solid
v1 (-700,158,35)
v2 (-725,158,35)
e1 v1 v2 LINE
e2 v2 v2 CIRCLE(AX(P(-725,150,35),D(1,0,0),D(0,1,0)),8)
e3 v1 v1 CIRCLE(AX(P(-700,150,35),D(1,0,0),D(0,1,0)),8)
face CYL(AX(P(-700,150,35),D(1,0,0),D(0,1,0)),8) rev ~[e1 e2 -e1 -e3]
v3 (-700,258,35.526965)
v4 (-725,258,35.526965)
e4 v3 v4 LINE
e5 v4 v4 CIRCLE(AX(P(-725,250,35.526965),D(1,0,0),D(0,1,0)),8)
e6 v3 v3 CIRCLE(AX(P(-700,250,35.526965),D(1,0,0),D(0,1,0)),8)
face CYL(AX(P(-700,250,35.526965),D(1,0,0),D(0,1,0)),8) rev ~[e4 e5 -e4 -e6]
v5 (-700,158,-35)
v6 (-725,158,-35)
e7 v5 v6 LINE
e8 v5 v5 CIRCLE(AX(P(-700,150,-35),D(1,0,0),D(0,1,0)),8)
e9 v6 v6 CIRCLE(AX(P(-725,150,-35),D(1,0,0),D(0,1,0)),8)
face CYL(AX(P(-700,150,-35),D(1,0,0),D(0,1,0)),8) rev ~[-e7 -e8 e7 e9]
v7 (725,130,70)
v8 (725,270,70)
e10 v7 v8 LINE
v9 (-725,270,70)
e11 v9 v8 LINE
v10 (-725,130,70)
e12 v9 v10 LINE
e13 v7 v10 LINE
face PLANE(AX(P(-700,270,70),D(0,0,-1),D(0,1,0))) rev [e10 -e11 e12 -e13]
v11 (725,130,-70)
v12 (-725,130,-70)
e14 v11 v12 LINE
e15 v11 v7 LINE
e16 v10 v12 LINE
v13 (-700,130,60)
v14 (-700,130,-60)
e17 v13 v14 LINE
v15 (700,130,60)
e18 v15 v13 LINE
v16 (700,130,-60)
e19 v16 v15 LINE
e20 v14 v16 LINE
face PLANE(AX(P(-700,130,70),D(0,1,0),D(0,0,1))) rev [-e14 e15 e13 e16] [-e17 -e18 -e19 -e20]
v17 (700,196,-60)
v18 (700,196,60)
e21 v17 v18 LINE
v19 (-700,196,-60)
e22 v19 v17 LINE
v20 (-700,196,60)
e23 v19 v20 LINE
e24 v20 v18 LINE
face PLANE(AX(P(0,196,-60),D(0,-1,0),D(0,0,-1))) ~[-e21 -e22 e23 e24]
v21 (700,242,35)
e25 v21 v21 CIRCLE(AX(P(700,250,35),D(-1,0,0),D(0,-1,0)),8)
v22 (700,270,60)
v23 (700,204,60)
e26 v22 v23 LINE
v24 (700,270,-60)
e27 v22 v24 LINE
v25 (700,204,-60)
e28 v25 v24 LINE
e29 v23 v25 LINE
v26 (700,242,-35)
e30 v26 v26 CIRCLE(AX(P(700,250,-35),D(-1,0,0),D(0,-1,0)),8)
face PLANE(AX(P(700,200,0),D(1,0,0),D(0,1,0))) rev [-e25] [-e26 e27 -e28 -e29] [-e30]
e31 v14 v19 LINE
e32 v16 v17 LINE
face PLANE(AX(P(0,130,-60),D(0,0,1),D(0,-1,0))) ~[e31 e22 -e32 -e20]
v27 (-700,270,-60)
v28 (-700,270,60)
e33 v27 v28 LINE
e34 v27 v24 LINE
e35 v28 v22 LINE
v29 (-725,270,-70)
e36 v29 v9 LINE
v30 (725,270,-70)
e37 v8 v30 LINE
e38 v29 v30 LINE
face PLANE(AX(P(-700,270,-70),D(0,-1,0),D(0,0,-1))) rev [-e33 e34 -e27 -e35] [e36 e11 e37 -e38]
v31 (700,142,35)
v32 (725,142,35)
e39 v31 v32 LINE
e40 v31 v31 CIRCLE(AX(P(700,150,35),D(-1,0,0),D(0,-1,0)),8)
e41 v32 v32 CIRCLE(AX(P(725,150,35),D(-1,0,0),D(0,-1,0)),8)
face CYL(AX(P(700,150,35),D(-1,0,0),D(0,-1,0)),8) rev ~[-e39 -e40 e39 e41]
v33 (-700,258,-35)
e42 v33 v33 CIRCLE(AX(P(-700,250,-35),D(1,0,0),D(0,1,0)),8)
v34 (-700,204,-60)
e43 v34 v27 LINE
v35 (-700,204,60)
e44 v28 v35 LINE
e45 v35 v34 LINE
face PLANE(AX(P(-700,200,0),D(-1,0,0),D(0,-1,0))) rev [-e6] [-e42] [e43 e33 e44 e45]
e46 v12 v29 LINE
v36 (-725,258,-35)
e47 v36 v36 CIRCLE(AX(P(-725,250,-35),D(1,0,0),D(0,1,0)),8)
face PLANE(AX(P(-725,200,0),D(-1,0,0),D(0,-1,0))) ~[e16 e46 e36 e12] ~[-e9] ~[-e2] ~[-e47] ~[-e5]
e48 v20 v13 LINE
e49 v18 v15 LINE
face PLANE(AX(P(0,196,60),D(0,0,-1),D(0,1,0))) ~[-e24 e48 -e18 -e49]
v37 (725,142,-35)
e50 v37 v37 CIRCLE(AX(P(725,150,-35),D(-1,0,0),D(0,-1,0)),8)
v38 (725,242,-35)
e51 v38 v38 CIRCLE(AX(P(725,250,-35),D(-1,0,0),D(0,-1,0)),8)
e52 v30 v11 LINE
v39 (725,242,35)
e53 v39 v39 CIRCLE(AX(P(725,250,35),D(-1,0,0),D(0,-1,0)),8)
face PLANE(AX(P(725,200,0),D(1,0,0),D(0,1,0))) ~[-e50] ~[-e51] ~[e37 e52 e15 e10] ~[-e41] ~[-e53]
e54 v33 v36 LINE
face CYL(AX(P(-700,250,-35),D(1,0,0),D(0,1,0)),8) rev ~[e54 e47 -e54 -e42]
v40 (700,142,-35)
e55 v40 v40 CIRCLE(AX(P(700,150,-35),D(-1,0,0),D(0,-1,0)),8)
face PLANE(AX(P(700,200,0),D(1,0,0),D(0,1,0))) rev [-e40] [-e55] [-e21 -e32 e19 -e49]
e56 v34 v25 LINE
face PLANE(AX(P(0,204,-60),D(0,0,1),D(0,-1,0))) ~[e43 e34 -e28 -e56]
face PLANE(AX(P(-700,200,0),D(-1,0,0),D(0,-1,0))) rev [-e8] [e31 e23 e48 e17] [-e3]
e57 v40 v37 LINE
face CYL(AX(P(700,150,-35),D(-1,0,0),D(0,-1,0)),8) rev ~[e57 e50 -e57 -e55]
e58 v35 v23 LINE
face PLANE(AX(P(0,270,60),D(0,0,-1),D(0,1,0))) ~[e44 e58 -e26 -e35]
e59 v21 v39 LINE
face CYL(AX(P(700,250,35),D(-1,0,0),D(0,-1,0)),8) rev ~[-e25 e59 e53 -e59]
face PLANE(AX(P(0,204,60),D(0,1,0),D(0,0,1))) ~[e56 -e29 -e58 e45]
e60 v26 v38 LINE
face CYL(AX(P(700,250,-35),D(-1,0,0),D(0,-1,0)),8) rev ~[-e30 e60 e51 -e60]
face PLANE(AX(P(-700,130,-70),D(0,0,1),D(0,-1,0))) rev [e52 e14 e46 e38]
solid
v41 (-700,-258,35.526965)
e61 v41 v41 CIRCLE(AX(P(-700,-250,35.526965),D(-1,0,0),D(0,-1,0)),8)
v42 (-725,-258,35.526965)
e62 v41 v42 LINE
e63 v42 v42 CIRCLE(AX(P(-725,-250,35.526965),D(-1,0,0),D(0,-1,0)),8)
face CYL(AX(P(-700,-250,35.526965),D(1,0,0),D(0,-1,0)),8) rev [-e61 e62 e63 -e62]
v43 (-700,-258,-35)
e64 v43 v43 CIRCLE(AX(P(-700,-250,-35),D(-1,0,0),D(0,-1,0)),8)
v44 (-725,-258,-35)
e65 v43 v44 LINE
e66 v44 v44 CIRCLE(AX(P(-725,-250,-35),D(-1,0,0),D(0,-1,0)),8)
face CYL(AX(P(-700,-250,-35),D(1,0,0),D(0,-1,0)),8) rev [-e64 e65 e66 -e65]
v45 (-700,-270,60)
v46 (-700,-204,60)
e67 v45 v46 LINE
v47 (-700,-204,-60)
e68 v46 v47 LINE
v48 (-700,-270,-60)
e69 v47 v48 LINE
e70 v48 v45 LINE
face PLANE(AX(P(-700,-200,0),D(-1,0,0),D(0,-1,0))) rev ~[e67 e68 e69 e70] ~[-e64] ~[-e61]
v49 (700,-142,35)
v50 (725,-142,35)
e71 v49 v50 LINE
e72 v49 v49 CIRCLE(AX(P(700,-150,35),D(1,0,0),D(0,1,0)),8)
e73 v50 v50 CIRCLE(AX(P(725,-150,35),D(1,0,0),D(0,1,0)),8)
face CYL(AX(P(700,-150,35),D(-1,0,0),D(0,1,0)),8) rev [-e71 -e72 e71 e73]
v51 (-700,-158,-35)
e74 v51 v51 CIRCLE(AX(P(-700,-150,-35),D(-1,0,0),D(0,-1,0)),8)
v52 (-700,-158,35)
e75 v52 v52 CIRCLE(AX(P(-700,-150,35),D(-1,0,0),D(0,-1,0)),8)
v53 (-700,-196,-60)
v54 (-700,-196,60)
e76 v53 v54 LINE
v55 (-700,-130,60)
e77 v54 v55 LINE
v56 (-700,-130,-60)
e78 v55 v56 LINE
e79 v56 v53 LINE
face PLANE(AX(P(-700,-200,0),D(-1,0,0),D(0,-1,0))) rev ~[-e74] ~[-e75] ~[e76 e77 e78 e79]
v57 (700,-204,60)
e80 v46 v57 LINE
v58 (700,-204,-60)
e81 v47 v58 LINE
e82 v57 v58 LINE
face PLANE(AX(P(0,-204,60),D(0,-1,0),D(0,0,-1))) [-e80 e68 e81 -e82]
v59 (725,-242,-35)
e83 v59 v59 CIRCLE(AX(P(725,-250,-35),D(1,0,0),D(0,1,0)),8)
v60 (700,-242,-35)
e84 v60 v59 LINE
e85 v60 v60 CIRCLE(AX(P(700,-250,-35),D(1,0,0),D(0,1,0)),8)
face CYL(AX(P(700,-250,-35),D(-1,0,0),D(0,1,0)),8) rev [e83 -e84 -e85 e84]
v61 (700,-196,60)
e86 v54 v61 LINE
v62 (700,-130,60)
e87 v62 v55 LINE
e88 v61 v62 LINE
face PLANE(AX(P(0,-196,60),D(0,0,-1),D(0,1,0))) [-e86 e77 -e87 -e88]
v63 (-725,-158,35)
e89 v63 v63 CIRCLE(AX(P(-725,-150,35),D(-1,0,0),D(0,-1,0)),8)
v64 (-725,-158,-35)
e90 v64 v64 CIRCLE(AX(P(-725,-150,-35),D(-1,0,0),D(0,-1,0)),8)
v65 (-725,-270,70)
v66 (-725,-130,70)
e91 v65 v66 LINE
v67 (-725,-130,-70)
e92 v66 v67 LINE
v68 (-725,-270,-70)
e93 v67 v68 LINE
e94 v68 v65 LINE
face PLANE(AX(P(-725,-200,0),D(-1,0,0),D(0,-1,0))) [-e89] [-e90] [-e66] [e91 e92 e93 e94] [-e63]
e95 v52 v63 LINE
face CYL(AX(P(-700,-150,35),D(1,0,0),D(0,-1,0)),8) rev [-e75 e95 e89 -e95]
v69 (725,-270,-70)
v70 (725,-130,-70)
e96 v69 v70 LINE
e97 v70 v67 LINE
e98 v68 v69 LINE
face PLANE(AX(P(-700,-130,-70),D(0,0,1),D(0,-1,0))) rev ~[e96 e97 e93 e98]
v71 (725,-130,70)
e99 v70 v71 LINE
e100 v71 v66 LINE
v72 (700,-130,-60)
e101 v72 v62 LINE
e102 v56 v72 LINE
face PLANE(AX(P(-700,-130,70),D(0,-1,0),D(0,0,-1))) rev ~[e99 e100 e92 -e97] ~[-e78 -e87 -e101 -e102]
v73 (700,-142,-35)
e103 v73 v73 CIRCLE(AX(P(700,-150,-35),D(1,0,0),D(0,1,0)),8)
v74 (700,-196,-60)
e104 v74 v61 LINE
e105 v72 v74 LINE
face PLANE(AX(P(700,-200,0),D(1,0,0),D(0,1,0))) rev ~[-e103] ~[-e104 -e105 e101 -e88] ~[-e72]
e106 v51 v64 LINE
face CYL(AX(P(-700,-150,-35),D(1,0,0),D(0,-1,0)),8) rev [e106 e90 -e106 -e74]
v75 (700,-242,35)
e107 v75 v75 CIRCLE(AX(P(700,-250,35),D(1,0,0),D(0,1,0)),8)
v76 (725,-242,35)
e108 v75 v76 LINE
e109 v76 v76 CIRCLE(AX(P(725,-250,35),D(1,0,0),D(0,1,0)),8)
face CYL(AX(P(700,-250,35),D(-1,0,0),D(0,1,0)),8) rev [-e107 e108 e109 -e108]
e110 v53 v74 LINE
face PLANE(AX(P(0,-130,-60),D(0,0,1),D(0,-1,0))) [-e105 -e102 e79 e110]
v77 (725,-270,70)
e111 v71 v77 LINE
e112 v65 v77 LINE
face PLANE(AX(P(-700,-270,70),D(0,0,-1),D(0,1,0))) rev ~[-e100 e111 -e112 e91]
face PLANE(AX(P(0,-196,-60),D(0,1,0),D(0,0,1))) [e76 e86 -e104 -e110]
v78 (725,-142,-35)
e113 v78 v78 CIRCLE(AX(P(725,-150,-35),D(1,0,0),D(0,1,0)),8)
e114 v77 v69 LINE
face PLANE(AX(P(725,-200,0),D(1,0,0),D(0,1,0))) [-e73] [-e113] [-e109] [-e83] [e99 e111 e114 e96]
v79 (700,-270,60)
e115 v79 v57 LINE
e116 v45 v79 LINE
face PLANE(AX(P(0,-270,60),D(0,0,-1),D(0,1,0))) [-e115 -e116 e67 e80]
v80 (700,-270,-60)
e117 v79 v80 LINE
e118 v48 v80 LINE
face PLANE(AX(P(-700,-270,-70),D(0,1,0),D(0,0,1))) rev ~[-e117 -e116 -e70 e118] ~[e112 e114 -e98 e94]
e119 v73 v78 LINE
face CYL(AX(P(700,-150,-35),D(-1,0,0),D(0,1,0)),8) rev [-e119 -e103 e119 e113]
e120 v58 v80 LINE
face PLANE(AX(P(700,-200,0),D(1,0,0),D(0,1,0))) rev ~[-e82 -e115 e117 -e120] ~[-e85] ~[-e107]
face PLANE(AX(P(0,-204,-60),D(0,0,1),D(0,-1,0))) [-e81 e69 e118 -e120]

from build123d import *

# Parameters (mm, degrees)
F1_DEPTH = 700
F2_W     = 66
F2_H     = 120
F2_R     = 8
F3_DEPTH = 25
F4_W     = 66
F4_H     = 120
F4_R     = 8
F5_DEPTH = 25


with BuildPart() as f1:
    # F0 (on Right) → F1 (new body, symmetric)
    with BuildSketch(Plane.YZ):
        Polygon((-270, 70), (-270, 60), (-204, 60), (-204, 0), (-204, -60), (-270, -60), (-270, -70), (-130, -70), (-130, -60), (-196, -60), (-196, 60), (-130, 60), (-130, 70), align=None)
    extrude(amount=F1_DEPTH, both=True)

    # F2 (on face) → F3 (join)
    with BuildSketch(Plane.YZ.offset(700)):
        Polygon((-130, 70), (-270, 70), (-270, 60), (-204, 60), (-204, -60), (-270, -60), (-270, -70), (-130, -70), (-130, -60), (-196, -60), (-196, 60), (-130, 60), align=None)
        with Locations((-163, 0)):
            Rectangle(F2_W, F2_H)
        with Locations((-150, -35)):
            Circle(F2_R, mode=Mode.SUBTRACT)
        with Locations((-150, 35)):
            Circle(F2_R, mode=Mode.SUBTRACT)
        with Locations((-237, 0)):
            Rectangle(F2_W, F2_H)
        with Locations((-250, -35)):
            Circle(F2_R, mode=Mode.SUBTRACT)
        with Locations((-250, 35)):
            Circle(F2_R, mode=Mode.SUBTRACT)
    extrude(amount=F3_DEPTH)

    # F4 (on face) → F5 (join)
    with BuildSketch(Plane(origin=(-700, 0, 0), x_dir=(0, -1, 0), z_dir=(-1, 0, 0))):
        Polygon((270, 70), (130, 70), (130, 60), (196, 60), (196, -60), (130, -60), (130, -70), (270, -70), (270, -60), (204, -60), (204, 60), (270, 60), align=None)
        with Locations((163, 0)):
            Rectangle(F4_W, F4_H)
        with Locations((150, -35)):
            Circle(F4_R, mode=Mode.SUBTRACT)
        with Locations((150, 35)):
            Circle(F4_R, mode=Mode.SUBTRACT)
        with Locations((237, 0)):
            Rectangle(F4_W, F4_H)
        with Locations((250, -35)):
            Circle(F4_R, mode=Mode.SUBTRACT)
        with Locations((250, 35.526965)):
            Circle(F4_R, mode=Mode.SUBTRACT)
    extrude(amount=F5_DEPTH)


with BuildPart() as f6_1:
    # F6: instance of F1
    add(f1.part.mirror(Plane.XZ))


solid = Compound([f1.part, f6_1.part])
